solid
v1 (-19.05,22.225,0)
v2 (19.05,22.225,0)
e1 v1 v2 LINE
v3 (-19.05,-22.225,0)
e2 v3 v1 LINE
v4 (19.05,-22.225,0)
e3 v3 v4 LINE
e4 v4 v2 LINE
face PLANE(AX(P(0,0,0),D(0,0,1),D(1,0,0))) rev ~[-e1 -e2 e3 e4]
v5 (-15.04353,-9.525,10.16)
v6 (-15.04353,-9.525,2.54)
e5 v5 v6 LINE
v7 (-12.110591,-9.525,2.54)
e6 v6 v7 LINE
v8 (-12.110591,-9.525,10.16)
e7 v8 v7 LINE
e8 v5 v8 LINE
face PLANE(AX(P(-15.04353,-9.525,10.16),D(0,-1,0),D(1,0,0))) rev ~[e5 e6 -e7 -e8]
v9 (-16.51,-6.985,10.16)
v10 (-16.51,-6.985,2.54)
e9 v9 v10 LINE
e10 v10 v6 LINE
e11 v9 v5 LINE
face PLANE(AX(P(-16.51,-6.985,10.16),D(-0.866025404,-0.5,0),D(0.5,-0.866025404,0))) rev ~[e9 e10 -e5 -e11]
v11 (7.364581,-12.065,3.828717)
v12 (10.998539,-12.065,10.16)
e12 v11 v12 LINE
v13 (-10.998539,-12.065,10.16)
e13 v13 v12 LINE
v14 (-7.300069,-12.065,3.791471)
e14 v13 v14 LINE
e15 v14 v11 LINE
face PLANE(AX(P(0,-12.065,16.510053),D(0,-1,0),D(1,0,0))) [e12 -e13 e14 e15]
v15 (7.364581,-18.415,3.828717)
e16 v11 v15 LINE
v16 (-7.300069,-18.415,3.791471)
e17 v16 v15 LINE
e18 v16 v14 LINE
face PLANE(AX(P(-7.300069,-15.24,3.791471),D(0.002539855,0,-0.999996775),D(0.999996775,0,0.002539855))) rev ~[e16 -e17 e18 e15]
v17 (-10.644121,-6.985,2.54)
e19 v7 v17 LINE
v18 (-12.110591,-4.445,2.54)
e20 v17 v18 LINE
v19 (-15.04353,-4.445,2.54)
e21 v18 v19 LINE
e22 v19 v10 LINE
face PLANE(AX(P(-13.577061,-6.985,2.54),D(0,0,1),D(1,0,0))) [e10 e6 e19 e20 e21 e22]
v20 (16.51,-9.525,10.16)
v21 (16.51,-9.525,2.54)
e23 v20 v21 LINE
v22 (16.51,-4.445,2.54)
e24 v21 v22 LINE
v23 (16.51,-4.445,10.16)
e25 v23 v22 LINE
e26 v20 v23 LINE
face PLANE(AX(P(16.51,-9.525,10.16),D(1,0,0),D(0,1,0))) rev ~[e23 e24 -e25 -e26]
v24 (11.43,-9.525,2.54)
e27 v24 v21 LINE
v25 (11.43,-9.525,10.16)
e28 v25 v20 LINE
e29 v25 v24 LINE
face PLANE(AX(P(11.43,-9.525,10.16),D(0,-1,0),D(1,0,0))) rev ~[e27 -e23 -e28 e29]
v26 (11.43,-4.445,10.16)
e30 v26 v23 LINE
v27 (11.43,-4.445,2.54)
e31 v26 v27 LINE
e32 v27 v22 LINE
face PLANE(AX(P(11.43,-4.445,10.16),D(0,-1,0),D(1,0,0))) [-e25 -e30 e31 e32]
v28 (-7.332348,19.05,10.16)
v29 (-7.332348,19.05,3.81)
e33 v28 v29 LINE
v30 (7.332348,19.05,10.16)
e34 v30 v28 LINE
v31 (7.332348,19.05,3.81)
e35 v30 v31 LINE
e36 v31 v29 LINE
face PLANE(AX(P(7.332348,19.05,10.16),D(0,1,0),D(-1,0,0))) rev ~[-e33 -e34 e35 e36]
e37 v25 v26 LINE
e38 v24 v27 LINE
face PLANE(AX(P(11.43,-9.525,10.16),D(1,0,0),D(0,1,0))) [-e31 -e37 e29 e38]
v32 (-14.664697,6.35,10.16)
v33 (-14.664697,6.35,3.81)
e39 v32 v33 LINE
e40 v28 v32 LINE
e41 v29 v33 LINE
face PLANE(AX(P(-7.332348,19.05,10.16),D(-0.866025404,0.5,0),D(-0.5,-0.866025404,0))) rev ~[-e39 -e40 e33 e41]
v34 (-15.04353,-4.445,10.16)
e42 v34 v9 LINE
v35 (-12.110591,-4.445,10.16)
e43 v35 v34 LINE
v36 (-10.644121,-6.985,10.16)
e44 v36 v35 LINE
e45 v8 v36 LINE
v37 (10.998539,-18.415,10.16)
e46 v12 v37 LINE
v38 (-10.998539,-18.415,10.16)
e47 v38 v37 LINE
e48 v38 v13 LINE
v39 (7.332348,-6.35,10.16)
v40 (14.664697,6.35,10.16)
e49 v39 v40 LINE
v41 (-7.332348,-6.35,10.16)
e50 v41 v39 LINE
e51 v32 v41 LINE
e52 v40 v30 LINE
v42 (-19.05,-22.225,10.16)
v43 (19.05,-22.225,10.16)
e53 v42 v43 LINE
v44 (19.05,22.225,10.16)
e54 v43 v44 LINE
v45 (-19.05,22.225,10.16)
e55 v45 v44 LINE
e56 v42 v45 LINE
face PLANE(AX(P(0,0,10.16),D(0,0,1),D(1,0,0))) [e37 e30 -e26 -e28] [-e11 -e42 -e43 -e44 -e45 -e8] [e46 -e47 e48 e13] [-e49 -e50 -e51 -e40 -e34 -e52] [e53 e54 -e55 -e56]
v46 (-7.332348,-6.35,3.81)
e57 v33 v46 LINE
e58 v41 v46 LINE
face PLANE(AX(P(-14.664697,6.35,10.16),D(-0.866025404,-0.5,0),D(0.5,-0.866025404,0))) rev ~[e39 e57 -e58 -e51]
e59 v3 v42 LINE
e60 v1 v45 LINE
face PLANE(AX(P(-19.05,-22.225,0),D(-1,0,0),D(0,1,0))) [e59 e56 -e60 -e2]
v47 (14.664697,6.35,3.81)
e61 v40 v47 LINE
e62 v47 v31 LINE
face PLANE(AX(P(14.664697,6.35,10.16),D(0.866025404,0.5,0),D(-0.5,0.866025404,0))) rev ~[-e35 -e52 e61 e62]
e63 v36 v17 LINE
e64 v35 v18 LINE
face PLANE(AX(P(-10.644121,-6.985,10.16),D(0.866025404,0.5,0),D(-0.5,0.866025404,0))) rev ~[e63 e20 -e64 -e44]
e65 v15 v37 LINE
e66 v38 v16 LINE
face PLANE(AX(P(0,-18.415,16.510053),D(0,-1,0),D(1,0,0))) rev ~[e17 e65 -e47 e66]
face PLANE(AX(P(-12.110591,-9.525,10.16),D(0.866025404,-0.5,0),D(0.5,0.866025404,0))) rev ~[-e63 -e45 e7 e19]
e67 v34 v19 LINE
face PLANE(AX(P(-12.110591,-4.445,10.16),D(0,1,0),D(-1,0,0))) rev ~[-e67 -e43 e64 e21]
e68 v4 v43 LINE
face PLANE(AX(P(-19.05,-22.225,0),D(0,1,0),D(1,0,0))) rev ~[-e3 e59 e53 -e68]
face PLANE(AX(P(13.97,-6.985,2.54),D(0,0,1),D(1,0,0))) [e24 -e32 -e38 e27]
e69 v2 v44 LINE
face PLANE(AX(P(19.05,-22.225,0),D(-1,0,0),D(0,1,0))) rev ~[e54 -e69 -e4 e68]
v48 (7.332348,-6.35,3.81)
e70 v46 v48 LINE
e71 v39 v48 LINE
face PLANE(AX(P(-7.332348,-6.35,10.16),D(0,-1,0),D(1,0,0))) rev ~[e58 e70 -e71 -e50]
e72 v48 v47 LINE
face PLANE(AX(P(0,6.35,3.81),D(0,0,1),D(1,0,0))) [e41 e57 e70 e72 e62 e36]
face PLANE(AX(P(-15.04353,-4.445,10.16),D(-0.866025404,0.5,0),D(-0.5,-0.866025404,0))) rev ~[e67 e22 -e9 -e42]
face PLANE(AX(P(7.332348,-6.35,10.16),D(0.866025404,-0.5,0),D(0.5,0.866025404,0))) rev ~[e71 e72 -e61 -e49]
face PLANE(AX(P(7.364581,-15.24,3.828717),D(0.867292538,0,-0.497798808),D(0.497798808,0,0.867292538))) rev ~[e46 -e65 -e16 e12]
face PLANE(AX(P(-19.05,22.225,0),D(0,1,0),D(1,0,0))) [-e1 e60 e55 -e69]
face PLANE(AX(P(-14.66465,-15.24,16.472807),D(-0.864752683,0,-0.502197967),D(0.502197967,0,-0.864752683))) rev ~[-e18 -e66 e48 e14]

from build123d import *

# Parameters (mm, degrees)
F0_W          = 38.1
F0_H          = 44.45
F1_DEPTH      = 10.16
F3_DEPTH      = 6.35
F6_DEPTH      = 3.175
F6_DEPTH_BACK = 3.175
F8_DEPTH      = 7.62
F9_W          = 5.08
F9_H          = 5.08
F10_DEPTH     = 7.62


with BuildPart() as f1:
    # F0 (on Top) → F1 (new body)
    with BuildSketch(Plane.XY):
        Rectangle(F0_W, F0_H)
    extrude(amount=F1_DEPTH)

    # F2 (on face) → F3 (cut)
    with BuildSketch(Plane.XY.offset(10.16)):
        Polygon((14.6646968374, 6.35), (7.3323484187, 19.05), (-7.3323484187, 19.05), (-14.6646968374, 6.35), (-7.3323484187, -6.35), (7.3323484187, -6.35), align=None)
    extrude(amount=-F3_DEPTH, mode=Mode.SUBTRACT)

    # F5 (on offset) → F6 (cut, two sides)
    with BuildSketch(Plane.XZ.offset(15.24)) as f6_sk:
        Polygon((7.3645809335, 3.8287173206), (14.6646495373, 16.547299463), (7.3000686039, 29.2286353945), (-7.3645809335, 29.1913891837), (-14.6646495373, 16.4728070413), (-7.3000686039, 3.7914711098), align=None)
    extrude(amount=-F6_DEPTH, mode=Mode.SUBTRACT)
    extrude(f6_sk.sketch, amount=F6_DEPTH_BACK, mode=Mode.SUBTRACT)

    # F7 (on face) → F8 (cut)
    with BuildSketch(Plane.XY.offset(10.16)):
        Polygon((-10.644121265, -6.985), (-12.1105909488, -4.445), (-15.0435303163, -4.445), (-16.51, -6.985), (-15.0435303163, -9.525), (-12.1105909488, -9.525), align=None)
    extrude(amount=-F8_DEPTH, mode=Mode.SUBTRACT)

    # F9 (on face) → F10 (cut)
    with BuildSketch(Plane.XY.offset(10.16)):
        with Locations((13.97, -6.985)):
            Rectangle(F9_W, F9_H)
    extrude(amount=-F10_DEPTH, mode=Mode.SUBTRACT)


solid = f1.part
